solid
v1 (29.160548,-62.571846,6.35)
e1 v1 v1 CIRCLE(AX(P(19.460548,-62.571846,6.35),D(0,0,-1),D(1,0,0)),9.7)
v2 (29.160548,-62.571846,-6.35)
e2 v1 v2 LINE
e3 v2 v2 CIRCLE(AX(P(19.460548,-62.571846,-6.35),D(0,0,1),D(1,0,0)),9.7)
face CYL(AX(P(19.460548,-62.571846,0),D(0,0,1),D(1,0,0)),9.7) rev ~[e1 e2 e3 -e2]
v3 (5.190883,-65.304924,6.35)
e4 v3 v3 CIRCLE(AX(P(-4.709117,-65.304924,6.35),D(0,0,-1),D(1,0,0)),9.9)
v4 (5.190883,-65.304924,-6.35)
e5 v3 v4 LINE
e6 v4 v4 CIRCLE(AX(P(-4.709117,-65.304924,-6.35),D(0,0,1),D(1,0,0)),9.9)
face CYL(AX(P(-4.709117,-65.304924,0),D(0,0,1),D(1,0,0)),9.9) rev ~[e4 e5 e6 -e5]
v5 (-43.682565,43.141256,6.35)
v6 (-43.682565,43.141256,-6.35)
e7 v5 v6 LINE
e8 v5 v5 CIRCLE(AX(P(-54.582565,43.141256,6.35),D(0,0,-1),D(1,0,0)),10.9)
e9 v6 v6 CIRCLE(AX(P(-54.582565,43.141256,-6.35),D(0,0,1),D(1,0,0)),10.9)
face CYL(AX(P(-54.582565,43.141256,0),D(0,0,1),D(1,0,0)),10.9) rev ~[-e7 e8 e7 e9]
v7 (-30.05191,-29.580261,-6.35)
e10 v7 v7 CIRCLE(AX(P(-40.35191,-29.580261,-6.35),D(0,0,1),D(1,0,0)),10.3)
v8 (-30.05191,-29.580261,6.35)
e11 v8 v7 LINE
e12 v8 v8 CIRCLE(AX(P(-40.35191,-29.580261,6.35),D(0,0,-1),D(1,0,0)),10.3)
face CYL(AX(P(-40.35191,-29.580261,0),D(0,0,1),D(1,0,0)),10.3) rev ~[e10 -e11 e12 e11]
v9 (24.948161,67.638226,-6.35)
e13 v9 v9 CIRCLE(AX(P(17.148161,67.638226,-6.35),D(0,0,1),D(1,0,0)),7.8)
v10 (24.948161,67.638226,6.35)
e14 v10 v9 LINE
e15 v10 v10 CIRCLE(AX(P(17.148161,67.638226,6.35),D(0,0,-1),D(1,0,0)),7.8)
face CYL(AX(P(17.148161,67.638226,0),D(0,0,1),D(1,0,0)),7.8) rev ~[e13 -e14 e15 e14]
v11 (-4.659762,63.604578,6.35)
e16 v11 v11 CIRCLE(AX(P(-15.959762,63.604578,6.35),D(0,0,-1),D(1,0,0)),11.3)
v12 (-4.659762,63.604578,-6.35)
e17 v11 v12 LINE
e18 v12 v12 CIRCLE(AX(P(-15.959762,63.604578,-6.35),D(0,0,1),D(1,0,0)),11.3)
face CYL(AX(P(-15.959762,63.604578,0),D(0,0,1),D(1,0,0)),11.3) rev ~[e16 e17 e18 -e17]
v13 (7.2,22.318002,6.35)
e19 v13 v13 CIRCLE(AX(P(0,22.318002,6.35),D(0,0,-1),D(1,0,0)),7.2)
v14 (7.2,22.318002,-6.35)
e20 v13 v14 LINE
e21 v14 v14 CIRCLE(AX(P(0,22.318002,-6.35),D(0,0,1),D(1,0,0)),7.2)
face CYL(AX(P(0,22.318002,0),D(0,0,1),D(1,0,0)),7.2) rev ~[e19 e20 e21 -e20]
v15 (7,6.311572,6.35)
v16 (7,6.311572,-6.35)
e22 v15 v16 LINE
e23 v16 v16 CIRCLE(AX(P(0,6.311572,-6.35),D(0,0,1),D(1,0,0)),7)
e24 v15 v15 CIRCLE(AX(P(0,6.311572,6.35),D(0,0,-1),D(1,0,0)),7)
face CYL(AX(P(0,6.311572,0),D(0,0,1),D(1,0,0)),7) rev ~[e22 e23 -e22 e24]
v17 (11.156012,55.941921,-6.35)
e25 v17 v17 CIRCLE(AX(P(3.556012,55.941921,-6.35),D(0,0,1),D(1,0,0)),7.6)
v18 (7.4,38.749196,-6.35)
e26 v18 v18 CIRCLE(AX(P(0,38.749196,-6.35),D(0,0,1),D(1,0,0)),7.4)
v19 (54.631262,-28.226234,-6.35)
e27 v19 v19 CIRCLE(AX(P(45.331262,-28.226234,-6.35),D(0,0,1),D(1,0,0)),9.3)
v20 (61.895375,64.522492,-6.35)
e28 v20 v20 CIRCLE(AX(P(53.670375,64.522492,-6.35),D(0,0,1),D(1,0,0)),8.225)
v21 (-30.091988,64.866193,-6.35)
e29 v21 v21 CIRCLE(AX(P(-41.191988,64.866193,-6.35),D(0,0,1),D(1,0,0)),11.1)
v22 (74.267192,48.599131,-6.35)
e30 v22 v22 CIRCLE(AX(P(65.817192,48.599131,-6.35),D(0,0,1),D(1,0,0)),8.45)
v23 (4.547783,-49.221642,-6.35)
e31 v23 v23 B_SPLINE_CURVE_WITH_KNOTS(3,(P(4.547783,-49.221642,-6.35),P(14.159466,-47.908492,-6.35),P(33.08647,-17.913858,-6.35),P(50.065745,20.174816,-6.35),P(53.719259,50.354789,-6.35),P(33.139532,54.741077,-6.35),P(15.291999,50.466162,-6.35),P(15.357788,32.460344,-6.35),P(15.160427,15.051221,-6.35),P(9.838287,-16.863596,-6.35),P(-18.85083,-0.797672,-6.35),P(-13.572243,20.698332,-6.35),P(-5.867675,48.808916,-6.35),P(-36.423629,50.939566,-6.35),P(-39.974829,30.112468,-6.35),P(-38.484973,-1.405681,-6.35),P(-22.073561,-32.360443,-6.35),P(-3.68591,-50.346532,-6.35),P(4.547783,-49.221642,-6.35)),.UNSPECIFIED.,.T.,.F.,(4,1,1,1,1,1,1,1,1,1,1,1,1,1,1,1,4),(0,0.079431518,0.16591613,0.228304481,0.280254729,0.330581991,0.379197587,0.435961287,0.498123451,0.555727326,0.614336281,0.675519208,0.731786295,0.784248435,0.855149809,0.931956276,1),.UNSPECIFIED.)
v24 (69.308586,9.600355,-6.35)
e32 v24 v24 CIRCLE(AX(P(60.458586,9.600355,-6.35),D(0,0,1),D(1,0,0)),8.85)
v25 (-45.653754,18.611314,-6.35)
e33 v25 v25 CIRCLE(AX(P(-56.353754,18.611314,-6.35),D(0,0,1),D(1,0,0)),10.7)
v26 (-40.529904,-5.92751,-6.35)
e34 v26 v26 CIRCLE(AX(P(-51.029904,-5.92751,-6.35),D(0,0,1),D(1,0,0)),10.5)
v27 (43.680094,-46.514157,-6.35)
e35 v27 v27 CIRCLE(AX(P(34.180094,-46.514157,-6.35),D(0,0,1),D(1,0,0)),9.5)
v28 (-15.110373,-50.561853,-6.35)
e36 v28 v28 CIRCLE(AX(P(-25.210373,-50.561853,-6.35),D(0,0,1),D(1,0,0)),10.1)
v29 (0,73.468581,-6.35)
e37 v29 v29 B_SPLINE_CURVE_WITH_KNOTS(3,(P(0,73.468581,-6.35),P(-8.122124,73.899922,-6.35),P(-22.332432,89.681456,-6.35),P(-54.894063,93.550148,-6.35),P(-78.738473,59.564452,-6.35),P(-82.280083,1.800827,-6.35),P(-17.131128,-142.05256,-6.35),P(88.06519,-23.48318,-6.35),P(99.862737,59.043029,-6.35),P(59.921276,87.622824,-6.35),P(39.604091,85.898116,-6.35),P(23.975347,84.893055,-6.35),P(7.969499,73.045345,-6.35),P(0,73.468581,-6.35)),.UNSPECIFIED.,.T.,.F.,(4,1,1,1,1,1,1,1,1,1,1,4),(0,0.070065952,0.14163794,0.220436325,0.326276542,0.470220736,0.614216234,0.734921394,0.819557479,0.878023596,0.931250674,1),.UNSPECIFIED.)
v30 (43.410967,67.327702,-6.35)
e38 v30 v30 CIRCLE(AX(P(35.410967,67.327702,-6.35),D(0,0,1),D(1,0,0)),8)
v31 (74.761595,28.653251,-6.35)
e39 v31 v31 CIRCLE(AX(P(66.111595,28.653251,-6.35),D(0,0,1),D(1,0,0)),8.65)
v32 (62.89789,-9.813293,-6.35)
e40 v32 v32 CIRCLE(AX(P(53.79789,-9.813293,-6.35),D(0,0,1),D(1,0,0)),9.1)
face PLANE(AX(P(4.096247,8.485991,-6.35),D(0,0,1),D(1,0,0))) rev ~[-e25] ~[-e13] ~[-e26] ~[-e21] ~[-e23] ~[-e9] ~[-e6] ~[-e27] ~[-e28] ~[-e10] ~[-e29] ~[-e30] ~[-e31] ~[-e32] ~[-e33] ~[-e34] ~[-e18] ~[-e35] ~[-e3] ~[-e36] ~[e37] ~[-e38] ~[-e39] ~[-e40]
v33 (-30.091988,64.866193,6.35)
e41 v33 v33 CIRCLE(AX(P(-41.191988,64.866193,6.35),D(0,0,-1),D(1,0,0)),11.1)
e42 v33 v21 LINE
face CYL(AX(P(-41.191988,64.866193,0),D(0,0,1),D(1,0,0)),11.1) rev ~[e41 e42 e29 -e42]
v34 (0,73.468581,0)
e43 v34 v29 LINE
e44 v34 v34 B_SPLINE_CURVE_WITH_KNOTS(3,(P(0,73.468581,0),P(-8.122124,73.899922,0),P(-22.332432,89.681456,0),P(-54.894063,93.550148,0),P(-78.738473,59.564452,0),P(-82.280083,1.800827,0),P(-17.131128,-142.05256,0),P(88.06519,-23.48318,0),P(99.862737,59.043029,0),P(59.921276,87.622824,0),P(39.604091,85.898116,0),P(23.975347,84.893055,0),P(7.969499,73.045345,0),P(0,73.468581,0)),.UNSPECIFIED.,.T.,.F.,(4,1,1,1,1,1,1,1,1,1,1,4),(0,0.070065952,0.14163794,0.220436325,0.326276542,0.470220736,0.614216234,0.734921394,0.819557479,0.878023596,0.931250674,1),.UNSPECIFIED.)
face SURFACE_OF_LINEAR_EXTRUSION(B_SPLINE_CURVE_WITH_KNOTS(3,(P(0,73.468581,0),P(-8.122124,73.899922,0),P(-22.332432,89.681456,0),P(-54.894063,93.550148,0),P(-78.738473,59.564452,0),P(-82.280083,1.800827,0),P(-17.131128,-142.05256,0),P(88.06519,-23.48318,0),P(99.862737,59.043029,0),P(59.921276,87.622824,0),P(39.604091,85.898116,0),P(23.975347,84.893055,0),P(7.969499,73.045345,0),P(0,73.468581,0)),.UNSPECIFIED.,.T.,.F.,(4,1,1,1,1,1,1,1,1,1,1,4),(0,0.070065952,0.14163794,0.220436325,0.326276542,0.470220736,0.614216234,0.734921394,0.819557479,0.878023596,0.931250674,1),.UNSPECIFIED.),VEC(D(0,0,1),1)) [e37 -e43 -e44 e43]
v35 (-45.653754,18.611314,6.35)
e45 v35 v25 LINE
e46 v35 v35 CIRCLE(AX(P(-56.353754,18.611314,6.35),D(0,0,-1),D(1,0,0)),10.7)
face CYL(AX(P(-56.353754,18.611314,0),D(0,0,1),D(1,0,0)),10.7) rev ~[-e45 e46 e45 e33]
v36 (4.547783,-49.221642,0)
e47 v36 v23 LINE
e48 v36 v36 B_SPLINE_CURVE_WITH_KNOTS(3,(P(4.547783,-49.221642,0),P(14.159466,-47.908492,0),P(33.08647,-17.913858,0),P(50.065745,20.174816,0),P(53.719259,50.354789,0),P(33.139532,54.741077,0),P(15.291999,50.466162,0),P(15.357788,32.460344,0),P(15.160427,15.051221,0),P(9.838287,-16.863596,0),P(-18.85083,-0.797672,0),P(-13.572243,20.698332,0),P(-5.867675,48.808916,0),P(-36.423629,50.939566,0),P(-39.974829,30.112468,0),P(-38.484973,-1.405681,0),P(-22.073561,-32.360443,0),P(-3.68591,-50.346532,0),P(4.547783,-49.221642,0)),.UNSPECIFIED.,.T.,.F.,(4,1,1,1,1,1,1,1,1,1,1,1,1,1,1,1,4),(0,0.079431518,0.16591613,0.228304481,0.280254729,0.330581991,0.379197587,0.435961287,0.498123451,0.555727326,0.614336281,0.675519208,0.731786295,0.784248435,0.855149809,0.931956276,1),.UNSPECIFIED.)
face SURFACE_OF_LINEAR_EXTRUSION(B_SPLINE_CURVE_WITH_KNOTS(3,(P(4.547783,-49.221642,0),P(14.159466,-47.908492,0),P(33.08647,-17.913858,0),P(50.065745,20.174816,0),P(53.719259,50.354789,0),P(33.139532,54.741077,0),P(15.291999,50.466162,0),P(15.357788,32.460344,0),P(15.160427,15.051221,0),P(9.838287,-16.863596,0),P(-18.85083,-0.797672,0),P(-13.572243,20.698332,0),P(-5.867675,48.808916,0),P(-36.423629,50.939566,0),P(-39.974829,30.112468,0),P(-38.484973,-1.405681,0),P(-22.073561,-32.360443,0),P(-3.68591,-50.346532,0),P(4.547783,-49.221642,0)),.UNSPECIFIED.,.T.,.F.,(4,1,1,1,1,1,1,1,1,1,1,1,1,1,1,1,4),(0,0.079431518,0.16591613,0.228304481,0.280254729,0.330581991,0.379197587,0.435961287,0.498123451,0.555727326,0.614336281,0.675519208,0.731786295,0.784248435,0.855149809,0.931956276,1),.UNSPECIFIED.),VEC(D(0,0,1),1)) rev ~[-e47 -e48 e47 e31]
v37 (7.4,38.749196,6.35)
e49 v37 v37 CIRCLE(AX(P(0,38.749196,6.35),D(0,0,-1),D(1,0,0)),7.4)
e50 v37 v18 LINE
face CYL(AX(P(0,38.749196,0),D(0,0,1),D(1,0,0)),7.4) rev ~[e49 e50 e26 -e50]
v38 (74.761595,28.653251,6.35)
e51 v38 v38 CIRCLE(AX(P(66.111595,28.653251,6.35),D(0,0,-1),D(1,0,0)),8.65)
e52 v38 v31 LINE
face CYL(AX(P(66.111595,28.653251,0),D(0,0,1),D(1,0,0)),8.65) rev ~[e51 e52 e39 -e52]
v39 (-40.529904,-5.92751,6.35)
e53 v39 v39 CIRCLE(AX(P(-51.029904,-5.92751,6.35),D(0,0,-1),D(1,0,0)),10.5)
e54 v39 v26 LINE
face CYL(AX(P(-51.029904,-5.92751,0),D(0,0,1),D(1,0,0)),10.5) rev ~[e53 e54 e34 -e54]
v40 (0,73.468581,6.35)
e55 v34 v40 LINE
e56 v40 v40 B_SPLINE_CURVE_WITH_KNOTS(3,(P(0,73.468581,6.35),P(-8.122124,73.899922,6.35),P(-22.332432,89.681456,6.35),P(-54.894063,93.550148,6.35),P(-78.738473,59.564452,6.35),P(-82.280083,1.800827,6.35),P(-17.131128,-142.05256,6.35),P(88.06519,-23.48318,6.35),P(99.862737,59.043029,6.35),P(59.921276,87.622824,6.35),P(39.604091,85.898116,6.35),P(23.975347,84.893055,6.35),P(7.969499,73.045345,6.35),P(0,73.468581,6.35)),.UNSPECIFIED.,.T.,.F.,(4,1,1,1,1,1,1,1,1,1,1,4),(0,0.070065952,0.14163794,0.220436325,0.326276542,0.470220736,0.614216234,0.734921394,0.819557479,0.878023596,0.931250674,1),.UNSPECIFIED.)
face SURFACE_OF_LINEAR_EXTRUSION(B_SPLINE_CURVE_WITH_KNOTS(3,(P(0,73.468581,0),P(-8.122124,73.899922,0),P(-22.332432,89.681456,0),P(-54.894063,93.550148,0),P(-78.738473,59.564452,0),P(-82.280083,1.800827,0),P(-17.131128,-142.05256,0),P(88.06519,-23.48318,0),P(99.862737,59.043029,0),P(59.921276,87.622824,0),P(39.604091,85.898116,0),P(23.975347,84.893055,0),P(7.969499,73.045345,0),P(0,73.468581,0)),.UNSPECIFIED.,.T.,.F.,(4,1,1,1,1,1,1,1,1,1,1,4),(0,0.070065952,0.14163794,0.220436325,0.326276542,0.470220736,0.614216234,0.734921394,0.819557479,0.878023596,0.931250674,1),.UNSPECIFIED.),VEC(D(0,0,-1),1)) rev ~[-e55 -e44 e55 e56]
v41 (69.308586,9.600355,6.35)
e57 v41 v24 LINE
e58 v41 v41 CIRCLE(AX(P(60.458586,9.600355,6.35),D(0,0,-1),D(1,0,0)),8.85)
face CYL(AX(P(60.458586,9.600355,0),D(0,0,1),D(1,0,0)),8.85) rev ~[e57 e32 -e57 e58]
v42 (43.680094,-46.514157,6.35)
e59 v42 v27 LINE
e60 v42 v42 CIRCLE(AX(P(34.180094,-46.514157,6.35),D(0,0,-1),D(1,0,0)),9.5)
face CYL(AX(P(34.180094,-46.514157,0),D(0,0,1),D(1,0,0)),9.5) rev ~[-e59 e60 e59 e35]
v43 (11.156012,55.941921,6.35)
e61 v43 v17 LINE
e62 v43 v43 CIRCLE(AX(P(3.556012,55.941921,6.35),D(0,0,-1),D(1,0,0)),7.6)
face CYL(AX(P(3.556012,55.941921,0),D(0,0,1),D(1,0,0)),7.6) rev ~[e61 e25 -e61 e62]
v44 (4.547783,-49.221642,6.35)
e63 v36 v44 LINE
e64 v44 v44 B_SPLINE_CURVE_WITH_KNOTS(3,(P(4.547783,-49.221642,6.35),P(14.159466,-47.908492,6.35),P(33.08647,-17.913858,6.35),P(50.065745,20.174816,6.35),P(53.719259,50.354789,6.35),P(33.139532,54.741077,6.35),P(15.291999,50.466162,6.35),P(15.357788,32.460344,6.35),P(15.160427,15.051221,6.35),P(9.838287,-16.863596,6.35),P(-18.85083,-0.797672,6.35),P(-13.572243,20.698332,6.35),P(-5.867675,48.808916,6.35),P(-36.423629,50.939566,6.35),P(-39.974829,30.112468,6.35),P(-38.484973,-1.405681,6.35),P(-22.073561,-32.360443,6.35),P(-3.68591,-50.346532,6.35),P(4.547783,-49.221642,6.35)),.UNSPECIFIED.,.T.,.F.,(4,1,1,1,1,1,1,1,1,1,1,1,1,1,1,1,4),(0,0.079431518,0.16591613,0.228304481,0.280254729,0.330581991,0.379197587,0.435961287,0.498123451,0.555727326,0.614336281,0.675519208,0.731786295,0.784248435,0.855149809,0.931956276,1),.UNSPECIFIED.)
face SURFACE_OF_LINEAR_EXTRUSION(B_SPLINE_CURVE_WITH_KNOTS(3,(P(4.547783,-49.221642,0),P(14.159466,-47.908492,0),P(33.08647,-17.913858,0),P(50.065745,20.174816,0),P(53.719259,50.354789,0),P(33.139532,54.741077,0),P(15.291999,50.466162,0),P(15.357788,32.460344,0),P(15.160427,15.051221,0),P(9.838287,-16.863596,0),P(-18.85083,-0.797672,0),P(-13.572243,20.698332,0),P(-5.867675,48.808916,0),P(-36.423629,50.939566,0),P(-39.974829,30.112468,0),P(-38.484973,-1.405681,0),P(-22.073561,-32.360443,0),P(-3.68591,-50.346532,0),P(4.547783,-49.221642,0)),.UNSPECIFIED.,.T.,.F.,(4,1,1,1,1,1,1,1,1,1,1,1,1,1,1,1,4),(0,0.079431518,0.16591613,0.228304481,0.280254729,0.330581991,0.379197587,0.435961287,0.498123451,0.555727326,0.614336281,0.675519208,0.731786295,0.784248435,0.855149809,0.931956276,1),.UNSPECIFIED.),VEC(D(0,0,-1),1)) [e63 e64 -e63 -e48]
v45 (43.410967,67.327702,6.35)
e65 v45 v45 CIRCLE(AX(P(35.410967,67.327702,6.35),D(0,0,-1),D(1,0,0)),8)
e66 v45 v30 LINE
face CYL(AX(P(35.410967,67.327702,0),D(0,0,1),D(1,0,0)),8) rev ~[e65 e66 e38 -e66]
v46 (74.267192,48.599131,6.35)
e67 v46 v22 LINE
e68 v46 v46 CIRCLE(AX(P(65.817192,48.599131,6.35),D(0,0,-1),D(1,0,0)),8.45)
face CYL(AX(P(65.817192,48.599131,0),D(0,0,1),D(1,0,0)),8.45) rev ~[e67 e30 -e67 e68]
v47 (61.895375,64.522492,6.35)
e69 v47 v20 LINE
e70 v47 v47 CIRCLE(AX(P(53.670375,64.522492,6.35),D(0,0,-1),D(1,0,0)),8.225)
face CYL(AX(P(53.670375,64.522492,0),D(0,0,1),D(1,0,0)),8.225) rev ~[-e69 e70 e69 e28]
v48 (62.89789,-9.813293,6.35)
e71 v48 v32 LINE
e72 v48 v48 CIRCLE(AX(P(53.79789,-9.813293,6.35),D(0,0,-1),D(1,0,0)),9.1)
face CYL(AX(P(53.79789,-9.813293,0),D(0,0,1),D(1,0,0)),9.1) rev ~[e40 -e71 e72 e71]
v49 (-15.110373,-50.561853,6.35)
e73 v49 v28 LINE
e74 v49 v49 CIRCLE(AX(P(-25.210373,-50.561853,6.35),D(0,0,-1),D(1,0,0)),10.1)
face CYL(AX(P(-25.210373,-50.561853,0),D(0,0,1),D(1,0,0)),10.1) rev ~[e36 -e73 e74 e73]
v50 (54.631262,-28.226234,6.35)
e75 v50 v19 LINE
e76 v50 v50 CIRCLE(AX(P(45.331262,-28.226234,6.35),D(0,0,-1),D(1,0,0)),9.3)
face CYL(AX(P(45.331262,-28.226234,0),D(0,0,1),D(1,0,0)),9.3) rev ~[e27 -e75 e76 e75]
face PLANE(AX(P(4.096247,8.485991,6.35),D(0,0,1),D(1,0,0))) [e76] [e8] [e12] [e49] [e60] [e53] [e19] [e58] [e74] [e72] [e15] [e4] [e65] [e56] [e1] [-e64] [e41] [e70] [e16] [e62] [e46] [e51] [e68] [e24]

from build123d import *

# Parameters (mm, degrees)
F2_DEPTH = 6.35
F0_R     = 10.9
F0_R_2   = 10.5
F0_R_3   = 11.1
F0_R_4   = 10.3
F0_R_5   = 7.2
F0_R_6   = 8.45
F0_R_7   = 8.65
F0_R_8   = 10.7
F0_R_9   = 8.85
F0_R_10  = 7.6
F0_R_11  = 8.225
F0_R_12  = 7.8
F0_R_13  = 10.1
F0_R_14  = 9.3
F0_R_15  = 8
F0_R_16  = 9.1
F0_R_17  = 7
F0_R_18  = 7.4
F0_R_19  = 9.9
F0_R_20  = 9.5
F0_R_21  = 9.7
F0_R_22  = 11.3
F3_DEPTH = 25.4
F4_DEPTH = 25.4


with BuildPart() as f2:
    # F1 (on Top) → F2 (new body, symmetric)
    with BuildSketch(Plane.XY):
        with BuildLine():
            add(Edge.make_bspline(
                [(0, 73.468580842), (-8.122124236, 73.8999218416), (-22.3324321314, 89.6814562319), (-54.8940625764, 93.5501482749), (-78.7384732649, 59.5644524786), (-82.2800825272, 1.8008273808), (-17.1311278369, -142.0525596593), (88.0651895103, -23.4831795977), (99.8627372712, 59.0430291578), (59.9212761948, 87.6228241956), (39.6040910504, 85.8981163242), (23.9753470166, 84.8930553916), (7.9694994927, 73.0453452724), (0, 73.468580842)],
                knots=[0, 0, 0, 0, 0.0700659521, 0.1416379403, 0.2204363249, 0.3262765421, 0.4702207362, 0.6142162337, 0.7349213942, 0.8195574791, 0.8780235957, 0.9312506737, 1, 1, 1, 1], degree=3))
        make_face()
        with BuildLine():
            add(Edge.make_bspline(
                [(4.547782708, -49.2216423154), (14.159466043, -47.9084915286), (33.0864704198, -17.9138583621), (50.0657453723, 20.1748161197), (53.7192588881, 50.3547887422), (33.1395317286, 54.7410771261), (15.2919988522, 50.4661622798), (15.3577878369, 32.4603440721), (15.1604272362, 15.0512205842), (9.8382874753, -16.8635964044), (-18.8508301913, -0.7976718261), (-13.5722428591, 20.6983318176), (-5.8676751477, 48.80891577), (-36.4236290707, 50.939565943), (-39.9748292217, 30.1124675652), (-38.4849726038, -1.4056806657), (-22.0735611586, -32.3604434934), (-3.6859102559, -50.3465316835), (4.547782708, -49.2216423154)],
                knots=[0, 0, 0, 0, 0.0794315178, 0.1659161304, 0.228304481, 0.2802547287, 0.3305819906, 0.3791975865, 0.4359612868, 0.4981234512, 0.5557273261, 0.6143362812, 0.6755192076, 0.7317862955, 0.7842484349, 0.8551498095, 0.9319562759, 1, 1, 1, 1], degree=3))
        make_face(mode=Mode.SUBTRACT)
    extrude(amount=F2_DEPTH, both=True)

    # F0 (on Top) → F3 (cut)
    with BuildSketch(Plane.XY):
        with Locations((-54.5825645706, 43.1412555529)):
            Circle(F0_R)
        with Locations((-51.0299037954, -5.9275095132)):
            Circle(F0_R_2)
        with Locations((-41.1919876933, 64.8661926389)):
            Circle(F0_R_3)
        with Locations((-40.3519104653, -29.5802613381)):
            Circle(F0_R_4)
        with Locations((0, 22.3180018365)):
            Circle(F0_R_5)
        with Locations((65.8171921968, 48.5991314054)):
            Circle(F0_R_6)
        with Locations((66.1115945971, 28.6532507417)):
            Circle(F0_R_7)
        with Locations((-56.3537539933, 18.6113140359)):
            Circle(F0_R_8)
        with Locations((60.4585856199, 9.6003552899)):
            Circle(F0_R_9)
        with Locations((3.5560117103, 55.9419207275)):
            Circle(F0_R_10)
        with Locations((53.6703747542, 64.5224916059)):
            Circle(F0_R_11)
        with Locations((17.148161307, 67.6382258534)):
            Circle(F0_R_12)
        with Locations((-25.2103734902, -50.5618527212)):
            Circle(F0_R_13)
        with Locations((45.3312620521, -28.2262340188)):
            Circle(F0_R_14)
        with Locations((35.4109671677, 67.3277019464)):
            Circle(F0_R_15)
        with Locations((53.7978895009, -9.8132928833)):
            Circle(F0_R_16)
        with Locations((0, 6.3115715412)):
            Circle(F0_R_17)
        with Locations((0, 38.7491956353)):
            Circle(F0_R_18)
        with Locations((-4.7091166262, -65.3049236855)):
            Circle(F0_R_19)
        with Locations((34.1800935566, -46.5141572058)):
            Circle(F0_R_20)
        with Locations((19.4605477154, -62.5718459487)):
            Circle(F0_R_21)
        with Locations((-15.9597620368, 63.6045783758)):
            Circle(F0_R_22)
    extrude(amount=F3_DEPTH, mode=Mode.SUBTRACT)

    # F0 (on Top) → F4 (cut)
    with BuildSketch(Plane.XY):
        with Locations((-54.5825645706, 43.1412555529)):
            Circle(F0_R)
        with Locations((-51.0299037954, -5.9275095132)):
            Circle(F0_R_2)
        with Locations((-41.1919876933, 64.8661926389)):
            Circle(F0_R_3)
        with Locations((-40.3519104653, -29.5802613381)):
            Circle(F0_R_4)
        with Locations((0, 22.3180018365)):
            Circle(F0_R_5)
        with Locations((65.8171921968, 48.5991314054)):
            Circle(F0_R_6)
        with Locations((66.1115945971, 28.6532507417)):
            Circle(F0_R_7)
        with Locations((-56.3537539933, 18.6113140359)):
            Circle(F0_R_8)
        with Locations((60.4585856199, 9.6003552899)):
            Circle(F0_R_9)
        with Locations((3.5560117103, 55.9419207275)):
            Circle(F0_R_10)
        with Locations((53.6703747542, 64.5224916059)):
            Circle(F0_R_11)
        with Locations((17.148161307, 67.6382258534)):
            Circle(F0_R_12)
        with Locations((-25.2103734902, -50.5618527212)):
            Circle(F0_R_13)
        with Locations((45.3312620521, -28.2262340188)):
            Circle(F0_R_14)
        with Locations((35.4109671677, 67.3277019464)):
            Circle(F0_R_15)
        with Locations((53.7978895009, -9.8132928833)):
            Circle(F0_R_16)
        with Locations((0, 6.3115715412)):
            Circle(F0_R_17)
        with Locations((0, 38.7491956353)):
            Circle(F0_R_18)
        with Locations((-4.7091166262, -65.3049236855)):
            Circle(F0_R_19)
        with Locations((34.1800935566, -46.5141572058)):
            Circle(F0_R_20)
        with Locations((19.4605477154, -62.5718459487)):
            Circle(F0_R_21)
        with Locations((-15.9597620368, 63.6045783758)):
            Circle(F0_R_22)
    extrude(amount=-F4_DEPTH, mode=Mode.SUBTRACT)


solid = f2.part
